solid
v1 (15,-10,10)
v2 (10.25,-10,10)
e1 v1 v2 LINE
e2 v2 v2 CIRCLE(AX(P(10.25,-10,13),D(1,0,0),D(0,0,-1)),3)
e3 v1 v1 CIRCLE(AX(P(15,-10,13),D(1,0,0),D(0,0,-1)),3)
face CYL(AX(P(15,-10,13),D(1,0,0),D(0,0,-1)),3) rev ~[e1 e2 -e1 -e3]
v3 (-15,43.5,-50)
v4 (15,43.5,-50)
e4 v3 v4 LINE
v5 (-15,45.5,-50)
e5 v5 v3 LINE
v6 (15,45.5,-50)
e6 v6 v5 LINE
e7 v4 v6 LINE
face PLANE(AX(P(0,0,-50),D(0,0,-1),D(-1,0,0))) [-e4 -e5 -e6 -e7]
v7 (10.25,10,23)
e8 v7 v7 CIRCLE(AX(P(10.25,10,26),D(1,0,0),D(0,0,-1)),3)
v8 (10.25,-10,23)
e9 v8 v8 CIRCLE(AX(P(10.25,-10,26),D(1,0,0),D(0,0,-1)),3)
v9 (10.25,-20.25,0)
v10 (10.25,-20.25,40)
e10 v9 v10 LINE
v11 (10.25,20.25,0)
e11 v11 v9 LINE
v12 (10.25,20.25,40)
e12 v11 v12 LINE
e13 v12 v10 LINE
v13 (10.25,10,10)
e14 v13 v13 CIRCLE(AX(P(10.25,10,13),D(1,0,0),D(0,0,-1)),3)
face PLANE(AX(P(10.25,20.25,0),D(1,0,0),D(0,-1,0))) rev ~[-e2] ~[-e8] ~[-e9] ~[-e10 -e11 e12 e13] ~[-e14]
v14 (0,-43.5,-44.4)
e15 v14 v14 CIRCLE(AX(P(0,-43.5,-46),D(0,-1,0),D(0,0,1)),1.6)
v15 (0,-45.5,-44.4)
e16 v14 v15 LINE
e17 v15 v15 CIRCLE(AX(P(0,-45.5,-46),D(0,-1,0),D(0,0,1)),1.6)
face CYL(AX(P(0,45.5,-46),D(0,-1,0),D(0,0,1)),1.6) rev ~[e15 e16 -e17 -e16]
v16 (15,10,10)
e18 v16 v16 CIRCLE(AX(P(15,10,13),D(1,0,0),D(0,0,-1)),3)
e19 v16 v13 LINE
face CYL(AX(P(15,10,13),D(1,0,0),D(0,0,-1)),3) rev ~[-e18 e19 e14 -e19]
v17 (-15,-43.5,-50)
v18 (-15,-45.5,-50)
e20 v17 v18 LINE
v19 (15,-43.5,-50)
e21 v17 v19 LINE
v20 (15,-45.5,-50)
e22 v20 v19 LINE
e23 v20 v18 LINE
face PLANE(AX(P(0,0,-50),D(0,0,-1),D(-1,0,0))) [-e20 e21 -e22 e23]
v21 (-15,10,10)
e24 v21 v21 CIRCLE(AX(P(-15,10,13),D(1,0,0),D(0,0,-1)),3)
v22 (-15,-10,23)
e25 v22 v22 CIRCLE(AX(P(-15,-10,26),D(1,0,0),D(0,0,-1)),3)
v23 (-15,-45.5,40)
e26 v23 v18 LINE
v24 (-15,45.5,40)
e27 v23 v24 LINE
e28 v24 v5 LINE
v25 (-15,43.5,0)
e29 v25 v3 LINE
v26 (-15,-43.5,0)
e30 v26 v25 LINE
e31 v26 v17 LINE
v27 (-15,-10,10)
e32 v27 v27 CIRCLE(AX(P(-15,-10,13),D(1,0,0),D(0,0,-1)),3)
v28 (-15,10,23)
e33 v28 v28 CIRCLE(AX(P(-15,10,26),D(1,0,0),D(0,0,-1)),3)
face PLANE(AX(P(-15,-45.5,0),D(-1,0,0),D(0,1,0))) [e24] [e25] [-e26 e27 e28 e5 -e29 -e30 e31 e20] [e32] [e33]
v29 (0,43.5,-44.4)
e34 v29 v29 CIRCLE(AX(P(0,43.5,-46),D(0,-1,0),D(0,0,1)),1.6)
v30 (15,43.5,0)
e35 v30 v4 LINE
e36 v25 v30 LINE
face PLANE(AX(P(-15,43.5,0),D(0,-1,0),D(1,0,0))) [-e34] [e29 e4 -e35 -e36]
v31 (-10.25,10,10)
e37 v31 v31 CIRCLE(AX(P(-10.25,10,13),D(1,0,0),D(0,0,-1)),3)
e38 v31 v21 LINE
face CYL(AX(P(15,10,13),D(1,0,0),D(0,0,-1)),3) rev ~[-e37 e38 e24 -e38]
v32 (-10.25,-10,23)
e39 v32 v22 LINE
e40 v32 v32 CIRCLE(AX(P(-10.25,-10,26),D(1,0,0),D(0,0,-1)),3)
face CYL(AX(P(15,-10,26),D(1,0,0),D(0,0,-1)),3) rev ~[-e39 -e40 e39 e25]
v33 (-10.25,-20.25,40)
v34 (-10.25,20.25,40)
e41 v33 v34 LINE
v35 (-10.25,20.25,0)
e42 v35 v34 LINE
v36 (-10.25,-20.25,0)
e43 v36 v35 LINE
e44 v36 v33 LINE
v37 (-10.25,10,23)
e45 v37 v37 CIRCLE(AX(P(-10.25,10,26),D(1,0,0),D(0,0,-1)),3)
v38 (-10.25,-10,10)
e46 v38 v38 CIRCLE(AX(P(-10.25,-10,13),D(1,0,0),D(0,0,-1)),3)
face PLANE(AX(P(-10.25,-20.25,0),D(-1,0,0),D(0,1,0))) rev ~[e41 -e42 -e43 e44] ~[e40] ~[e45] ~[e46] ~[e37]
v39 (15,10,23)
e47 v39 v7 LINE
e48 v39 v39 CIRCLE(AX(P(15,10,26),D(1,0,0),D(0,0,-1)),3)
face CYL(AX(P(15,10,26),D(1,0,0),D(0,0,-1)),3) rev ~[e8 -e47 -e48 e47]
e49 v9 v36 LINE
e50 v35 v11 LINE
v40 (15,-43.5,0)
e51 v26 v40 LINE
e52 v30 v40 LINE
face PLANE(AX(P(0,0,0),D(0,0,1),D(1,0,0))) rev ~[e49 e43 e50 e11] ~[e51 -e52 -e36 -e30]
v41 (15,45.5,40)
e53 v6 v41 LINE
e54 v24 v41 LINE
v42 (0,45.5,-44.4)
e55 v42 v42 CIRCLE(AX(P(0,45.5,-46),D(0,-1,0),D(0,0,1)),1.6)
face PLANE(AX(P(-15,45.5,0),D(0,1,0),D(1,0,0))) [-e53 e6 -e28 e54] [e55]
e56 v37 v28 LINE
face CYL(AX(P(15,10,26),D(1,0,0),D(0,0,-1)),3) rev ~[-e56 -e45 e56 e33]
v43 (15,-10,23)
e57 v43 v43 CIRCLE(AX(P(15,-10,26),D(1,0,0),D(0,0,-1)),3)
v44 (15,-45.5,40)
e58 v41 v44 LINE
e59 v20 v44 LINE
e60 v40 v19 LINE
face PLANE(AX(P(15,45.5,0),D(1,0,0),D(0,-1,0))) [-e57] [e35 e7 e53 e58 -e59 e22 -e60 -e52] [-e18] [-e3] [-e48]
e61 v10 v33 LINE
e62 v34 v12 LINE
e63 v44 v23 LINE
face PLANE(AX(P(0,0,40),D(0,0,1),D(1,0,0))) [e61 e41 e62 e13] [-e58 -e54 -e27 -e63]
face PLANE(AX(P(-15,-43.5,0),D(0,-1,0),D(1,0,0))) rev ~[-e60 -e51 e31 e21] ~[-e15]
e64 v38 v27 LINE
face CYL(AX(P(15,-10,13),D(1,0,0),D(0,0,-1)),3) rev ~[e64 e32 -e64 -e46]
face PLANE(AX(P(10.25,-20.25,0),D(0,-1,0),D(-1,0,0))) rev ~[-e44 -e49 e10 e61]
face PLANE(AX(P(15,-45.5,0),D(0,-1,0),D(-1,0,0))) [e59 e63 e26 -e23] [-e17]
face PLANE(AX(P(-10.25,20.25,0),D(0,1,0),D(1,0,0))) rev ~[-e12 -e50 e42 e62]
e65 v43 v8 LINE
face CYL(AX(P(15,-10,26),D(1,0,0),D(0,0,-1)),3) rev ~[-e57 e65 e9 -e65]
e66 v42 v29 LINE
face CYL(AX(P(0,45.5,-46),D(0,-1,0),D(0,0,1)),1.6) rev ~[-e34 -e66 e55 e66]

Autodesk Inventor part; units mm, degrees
ref_plane "YZ Plane" through (0, 0, 0) normal (1, 0, 0) x (0, 1, 0)
ref_plane "XZ Plane" through (0, 0, 0) normal (0, 1, 0) x (-1, 0, 0)
ref_plane "XY Plane" through (0, 0, 0) normal (0, 0, 1) x (1, 0, 0)
sketch "スケッチ1" plane through (0, 0, 0) normal (0, 0, 1) x (1, 0, 0)
  line L0 (15, -45.5) -> (-15, -45.5)
  line L1 (-15, -45.5) -> (-15, 45.5)
  line L2 (-15, 45.5) -> (15, 45.5)
  line L3 (15, 45.5) -> (15, -45.5)
  line L4 (15, -45.5) -> (-15, 45.5) construction
  line L5 (-15, -45.5) -> (15, 45.5) construction
  line L6 (-10.25, -20.25) -> (-10.25, 20.25)
  line L7 (-10.25, 20.25) -> (10.25, 20.25)
  line L8 (10.25, 20.25) -> (10.25, -20.25)
  line L9 (10.25, -20.25) -> (-10.25, -20.25)
  line L10 (-10.25, -20.25) -> (10.25, 20.25) construction
  line L11 (-10.25, 20.25) -> (10.25, -20.25) construction
  point P0 (0, 0)
  dimension "d0" = 30
  dimension "d1" = 91
  dimension "d4" = 40.5
  dimension "d5" = 20.5
extrude "押し出し1" add sketch "スケッチ1" along normal blind 40
sketch "スケッチ2" plane through (0, 0, 0) normal (0, 0, -1) x (-1, 0, 0)
  line L0 (-15, -45.5) -> (-15, 45.5) projected
  line L1 (15, 45.5) -> (15, -45.5) projected
  line L2 (-15, -45.5) -> (15, -45.5)
  line L3 (15, -45.5) -> (15, -43.5)
  line L4 (15, -43.5) -> (-15, -43.5)
  line L5 (-15, -43.5) -> (-15, -45.5)
  line L6 (-15, 45.5) -> (15, 45.5) projected
  line L7 (-15, 45.5) -> (15, 45.5)
  line L8 (15, 45.5) -> (15, 43.5)
  line L9 (15, 43.5) -> (-15, 43.5)
  line L10 (-15, 43.5) -> (-15, 45.5)
  point P0 (0, 0)
  point P1 (-15, 43.5)
  dimension "d6" = 2
  dimension "d7" = 2
extrude "押し出し2" add sketch "スケッチ2" along normal blind 50 contours L0 L4 L1 L2 | L0 L6 L1 L9
sketch "スケッチ3" plane through (-15, 45.5, 40) normal (0, 1, 0) x (1, 0, 0)
  line L0 (0, 90) -> (30, 90) projected
  line L1 (30, 0) -> (30, 90) projected
  point P0 (15, 40)
  point P1 (15, 86)
  dimension "d10" = 4
  dimension "d11" = 15
hole "穴1" at (0, 45.5, -46) direction (0, -1, 0) diameter 3.2 depth 91
sketch "スケッチ4" plane through (15, -45.5, 40) normal (1, 0, 0) x (0, 0, -1)
  circle A0 centre (27, 55.5) radius 3
  line L0 (0, 0) -> (0, 91) projected
  line L1 (40, 2) -> (40, 89) projected
  line L2 (0, 91) -> (90, 91) projected
  circle A1 centre (14, 55.5) radius 3
  circle A2 centre (27, 35.5) radius 3
  circle A3 centre (14, 35.5) radius 3
  point P0 (40, 45.5)
  point P1 (0, 45.5)
  dimension "d19" = 10
  dimension "d20" = 13
  dimension "d23" = 13
  dimension "d26" = 20
  dimension "d29" = 6
extrude "押し出し3" cut sketch "スケッチ4" against normal up to surface (30 mm away)
properties part number "frame_arm"
